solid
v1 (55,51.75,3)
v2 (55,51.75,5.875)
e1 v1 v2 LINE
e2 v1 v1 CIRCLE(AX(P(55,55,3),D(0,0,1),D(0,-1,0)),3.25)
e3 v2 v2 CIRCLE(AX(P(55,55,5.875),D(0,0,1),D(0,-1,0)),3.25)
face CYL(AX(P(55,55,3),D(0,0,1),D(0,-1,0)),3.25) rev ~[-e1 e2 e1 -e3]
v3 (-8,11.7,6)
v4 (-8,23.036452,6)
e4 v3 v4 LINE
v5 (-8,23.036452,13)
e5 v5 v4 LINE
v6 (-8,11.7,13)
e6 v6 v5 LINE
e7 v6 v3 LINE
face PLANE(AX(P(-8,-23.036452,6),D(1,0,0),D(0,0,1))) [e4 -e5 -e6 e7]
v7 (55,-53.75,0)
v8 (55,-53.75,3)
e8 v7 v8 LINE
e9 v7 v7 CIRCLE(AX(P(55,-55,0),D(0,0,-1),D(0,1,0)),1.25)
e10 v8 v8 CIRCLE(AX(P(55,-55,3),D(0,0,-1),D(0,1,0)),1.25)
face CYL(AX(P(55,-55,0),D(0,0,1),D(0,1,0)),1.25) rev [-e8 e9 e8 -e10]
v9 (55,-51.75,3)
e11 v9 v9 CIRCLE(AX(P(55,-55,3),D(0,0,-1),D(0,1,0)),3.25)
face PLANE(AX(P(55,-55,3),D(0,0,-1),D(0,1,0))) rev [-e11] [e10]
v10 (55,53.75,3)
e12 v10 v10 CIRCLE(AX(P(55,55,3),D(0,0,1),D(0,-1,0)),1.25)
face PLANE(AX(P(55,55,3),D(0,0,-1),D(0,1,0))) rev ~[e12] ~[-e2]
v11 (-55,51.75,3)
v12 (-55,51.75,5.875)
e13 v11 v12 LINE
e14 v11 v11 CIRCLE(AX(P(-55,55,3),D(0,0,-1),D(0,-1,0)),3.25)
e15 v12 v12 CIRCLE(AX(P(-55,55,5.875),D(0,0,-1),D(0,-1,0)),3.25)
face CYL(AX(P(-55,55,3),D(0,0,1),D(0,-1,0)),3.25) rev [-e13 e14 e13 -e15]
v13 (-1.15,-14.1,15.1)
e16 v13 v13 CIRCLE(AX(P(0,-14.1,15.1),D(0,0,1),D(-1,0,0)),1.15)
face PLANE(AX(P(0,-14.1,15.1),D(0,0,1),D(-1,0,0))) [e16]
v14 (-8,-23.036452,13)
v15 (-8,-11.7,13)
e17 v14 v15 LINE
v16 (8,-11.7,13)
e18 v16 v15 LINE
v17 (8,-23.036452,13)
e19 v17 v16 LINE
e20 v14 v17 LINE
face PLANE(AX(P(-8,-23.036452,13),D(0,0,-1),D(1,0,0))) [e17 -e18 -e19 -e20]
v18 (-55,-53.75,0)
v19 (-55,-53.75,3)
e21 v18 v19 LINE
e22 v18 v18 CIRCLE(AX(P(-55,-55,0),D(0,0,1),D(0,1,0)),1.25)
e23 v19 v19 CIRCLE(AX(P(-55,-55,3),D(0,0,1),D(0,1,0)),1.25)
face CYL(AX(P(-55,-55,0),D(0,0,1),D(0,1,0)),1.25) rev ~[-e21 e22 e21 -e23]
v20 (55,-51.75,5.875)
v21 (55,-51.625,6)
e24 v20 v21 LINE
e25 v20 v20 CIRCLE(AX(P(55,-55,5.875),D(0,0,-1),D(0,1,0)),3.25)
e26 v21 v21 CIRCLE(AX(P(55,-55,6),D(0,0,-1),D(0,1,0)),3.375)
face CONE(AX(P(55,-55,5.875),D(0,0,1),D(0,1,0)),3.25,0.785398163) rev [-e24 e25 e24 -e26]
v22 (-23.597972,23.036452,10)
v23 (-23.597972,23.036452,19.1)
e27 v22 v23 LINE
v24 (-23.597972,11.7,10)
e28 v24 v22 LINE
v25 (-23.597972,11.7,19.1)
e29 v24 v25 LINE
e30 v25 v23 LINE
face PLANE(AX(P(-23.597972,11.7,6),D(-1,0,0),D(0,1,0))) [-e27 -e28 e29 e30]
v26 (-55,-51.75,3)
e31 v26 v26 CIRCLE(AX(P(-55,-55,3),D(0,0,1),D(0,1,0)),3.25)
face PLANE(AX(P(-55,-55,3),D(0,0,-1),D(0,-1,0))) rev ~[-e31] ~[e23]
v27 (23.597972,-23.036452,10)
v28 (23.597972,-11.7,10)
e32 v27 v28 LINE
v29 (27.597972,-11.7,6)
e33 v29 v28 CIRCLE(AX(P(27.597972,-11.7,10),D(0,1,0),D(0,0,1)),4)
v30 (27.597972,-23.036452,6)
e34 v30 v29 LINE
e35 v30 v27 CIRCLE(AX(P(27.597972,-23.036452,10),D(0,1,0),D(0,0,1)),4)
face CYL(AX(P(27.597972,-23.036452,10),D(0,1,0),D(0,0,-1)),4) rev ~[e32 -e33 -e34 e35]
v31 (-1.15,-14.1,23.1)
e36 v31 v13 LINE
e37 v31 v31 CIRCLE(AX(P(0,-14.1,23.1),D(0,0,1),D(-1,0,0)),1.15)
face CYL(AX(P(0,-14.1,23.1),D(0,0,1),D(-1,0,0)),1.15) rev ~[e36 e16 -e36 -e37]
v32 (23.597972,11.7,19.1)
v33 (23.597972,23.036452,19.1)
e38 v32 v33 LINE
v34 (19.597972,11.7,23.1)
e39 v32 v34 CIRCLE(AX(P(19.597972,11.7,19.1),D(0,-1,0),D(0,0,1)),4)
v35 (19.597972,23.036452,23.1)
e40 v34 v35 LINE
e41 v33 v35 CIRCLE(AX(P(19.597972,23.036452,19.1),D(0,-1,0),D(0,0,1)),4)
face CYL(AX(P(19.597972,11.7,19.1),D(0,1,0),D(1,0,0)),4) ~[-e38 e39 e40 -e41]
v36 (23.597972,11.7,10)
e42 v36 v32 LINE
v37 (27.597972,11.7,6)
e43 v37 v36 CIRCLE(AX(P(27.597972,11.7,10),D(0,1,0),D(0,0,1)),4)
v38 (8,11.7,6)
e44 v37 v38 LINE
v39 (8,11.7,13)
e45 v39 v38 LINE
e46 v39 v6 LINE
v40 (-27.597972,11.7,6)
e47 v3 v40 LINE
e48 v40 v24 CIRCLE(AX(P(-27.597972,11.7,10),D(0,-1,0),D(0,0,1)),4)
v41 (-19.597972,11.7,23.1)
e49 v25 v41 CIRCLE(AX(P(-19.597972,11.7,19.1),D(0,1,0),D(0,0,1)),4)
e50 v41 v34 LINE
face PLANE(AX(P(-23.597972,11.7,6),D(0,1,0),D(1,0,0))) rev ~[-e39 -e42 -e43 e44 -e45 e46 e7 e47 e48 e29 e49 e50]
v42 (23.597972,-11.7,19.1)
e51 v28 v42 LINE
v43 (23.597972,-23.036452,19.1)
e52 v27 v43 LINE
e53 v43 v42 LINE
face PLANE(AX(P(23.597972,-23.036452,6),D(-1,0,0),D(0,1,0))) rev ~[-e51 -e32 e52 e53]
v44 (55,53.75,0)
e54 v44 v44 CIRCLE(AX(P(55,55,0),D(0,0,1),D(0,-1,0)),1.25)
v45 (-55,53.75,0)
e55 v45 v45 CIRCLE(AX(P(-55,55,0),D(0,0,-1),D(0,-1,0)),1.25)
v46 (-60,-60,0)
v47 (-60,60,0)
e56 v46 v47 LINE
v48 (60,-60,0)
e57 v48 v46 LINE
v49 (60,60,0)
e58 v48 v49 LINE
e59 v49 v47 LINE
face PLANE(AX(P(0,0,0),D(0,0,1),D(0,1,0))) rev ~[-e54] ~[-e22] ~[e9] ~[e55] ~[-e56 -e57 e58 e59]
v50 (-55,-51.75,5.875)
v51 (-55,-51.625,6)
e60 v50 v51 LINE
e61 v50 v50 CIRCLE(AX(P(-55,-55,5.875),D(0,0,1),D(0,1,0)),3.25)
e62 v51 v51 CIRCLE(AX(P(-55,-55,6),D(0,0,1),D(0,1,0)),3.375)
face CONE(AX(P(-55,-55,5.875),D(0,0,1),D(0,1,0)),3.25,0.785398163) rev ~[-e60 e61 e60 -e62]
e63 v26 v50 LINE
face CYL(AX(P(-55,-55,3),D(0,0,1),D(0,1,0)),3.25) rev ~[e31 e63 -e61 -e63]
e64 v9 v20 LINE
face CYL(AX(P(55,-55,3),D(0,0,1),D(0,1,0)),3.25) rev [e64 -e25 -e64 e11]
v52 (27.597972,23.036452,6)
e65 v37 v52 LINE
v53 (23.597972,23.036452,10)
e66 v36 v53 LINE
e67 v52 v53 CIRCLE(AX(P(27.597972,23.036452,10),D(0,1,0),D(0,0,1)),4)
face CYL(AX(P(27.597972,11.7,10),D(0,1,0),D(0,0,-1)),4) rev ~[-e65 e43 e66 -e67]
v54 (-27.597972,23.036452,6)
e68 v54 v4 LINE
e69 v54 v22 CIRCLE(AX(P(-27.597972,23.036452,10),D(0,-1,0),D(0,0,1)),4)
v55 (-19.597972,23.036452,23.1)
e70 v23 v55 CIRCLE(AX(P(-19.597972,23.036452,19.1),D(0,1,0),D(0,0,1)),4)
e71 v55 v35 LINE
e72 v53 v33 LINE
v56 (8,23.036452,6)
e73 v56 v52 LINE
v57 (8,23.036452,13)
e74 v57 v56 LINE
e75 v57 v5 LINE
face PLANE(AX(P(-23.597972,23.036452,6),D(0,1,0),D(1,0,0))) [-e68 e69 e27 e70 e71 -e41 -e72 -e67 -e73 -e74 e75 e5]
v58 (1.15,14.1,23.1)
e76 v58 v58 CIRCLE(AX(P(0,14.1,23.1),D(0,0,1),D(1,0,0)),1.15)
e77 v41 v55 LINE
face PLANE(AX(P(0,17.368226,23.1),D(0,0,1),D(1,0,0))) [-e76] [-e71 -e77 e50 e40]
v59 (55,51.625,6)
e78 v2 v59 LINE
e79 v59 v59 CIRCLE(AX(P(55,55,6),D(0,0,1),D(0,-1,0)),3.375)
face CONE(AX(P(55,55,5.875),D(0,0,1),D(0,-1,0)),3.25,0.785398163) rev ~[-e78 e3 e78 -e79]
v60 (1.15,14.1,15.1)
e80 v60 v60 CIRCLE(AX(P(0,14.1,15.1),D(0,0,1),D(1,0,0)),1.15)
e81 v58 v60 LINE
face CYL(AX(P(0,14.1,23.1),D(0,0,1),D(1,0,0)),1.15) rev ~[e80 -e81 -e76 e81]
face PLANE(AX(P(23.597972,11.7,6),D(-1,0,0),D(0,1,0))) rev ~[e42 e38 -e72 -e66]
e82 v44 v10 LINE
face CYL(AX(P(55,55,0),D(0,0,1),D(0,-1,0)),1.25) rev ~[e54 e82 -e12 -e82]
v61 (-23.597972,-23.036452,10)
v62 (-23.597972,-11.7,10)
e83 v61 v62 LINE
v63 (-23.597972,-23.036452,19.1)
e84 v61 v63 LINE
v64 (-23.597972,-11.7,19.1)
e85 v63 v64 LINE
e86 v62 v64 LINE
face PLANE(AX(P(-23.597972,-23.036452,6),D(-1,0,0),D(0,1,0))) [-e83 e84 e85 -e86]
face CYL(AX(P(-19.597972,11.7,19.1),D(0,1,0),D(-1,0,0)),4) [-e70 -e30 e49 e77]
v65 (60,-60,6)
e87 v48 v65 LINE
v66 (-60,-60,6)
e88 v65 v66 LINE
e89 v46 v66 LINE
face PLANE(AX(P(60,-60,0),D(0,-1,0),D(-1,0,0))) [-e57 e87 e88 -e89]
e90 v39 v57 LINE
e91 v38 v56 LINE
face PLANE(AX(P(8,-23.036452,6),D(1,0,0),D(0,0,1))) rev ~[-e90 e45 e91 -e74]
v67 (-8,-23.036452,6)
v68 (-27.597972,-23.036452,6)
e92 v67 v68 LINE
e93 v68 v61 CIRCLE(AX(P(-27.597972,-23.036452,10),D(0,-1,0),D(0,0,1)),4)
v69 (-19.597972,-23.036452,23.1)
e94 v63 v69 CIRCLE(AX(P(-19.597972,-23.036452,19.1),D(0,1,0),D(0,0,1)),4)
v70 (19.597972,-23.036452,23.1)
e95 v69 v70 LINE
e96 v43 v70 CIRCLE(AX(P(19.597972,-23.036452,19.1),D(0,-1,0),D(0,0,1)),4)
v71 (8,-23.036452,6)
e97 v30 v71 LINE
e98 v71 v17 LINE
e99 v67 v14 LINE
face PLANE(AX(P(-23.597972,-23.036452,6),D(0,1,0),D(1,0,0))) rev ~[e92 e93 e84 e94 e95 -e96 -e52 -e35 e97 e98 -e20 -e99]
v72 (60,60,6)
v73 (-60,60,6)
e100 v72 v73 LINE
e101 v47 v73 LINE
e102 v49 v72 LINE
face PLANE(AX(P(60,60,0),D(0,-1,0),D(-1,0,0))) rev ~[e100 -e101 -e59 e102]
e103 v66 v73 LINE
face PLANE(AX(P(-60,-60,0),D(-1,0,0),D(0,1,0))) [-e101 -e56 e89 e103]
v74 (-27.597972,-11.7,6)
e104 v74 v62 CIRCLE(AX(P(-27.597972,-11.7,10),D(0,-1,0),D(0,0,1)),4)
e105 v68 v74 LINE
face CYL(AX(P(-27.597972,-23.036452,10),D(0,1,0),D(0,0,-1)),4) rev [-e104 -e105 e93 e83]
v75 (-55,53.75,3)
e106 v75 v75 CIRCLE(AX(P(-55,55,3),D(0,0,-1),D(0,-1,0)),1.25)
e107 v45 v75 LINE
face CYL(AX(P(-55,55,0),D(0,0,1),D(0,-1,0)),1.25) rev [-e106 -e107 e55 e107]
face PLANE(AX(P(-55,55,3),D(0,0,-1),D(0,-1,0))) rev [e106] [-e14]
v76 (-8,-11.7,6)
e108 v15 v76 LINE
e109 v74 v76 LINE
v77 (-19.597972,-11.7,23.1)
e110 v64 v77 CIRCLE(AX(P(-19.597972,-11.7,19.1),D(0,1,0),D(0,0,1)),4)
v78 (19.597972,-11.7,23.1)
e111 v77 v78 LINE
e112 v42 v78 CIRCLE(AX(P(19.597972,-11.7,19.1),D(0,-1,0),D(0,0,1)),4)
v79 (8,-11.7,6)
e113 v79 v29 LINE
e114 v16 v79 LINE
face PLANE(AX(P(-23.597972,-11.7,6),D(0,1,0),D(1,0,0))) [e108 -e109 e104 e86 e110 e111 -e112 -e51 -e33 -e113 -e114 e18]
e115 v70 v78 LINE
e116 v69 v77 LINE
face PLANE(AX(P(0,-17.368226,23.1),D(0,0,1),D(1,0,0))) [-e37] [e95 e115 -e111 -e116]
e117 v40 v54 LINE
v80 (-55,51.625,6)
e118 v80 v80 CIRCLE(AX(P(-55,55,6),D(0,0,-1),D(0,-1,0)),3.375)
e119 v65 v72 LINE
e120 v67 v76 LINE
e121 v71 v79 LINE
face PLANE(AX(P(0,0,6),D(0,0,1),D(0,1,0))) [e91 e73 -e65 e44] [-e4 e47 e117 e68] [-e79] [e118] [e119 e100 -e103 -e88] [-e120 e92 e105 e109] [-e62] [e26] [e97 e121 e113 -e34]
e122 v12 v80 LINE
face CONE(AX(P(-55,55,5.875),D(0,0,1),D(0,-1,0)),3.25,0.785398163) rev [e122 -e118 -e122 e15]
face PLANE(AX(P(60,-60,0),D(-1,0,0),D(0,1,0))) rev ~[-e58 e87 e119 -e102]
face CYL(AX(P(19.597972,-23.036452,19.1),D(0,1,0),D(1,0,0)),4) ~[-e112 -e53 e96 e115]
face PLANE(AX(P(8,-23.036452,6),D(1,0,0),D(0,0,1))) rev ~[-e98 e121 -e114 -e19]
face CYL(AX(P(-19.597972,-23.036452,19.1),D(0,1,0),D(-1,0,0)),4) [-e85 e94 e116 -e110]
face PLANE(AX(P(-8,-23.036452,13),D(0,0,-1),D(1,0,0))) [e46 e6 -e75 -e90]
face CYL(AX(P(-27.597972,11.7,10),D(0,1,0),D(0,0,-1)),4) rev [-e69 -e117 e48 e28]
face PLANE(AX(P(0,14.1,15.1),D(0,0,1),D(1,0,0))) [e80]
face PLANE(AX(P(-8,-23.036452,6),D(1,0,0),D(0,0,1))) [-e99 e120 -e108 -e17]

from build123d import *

# Parameters (mm, degrees)
SKETCH1_W           = 120
SKETCH1_H           = 120
BOSS_EXTRUDE1_DEPTH = 6
SKETCH3_W           = 47.19594468
SKETCH3_H           = 11.33645236
BOSS_EXTRUDE2_DEPTH = 17.1
SKETCH4_W           = 16
SKETCH4_H           = 7
CUT_EXTRUDE3_DEPTH  = 106.01743865
SKETCH6_R           = 1.15
CUT_EXTRUDE4_DEPTH  = 8
FILLET1_R           = 4


with BuildPart() as part:
    # Sketch1 → Boss-Extrude1 (new body)
    with BuildSketch(Plane(origin=(0, 0, 0), x_dir=(0, 1, 0), z_dir=(0, 0, 1))):
        Rectangle(SKETCH1_W, SKETCH1_H)
    extrude(amount=BOSS_EXTRUDE1_DEPTH)

    # Sketch7 → CBORE for M3 SBHCS1 (revolve, cut)
    with BuildSketch(Plane(origin=(-55, 55, 6), x_dir=(0, -1, 0), z_dir=(1, 0, 0))):
        Polygon((0, 0), (0, 6), (1.25, 6), (1.25, 3), (3.25, 3), (3.25, 0.125), (3.375, 0), align=None)
    cbore_for_m3_sbhcs1 = revolve(axis=Axis((-55, 55, 12.35), (0, 0, -1)), mode=Mode.SUBTRACT)

    # Mirror2: CBORE for M3 SBHCS1 across plane
    add(cbore_for_m3_sbhcs1.mirror(Plane(origin=(0, 0, 0), x_dir=(0, 0, 1), z_dir=(1, 0, 0))), mode=Mode.SUBTRACT)

    # Mirror2 at the second plane: CBORE for M3 SBHCS1 across plane
    add(cbore_for_m3_sbhcs1.mirror(Plane.ZX), mode=Mode.SUBTRACT)

    # Mirror2 at the second plane copy 1 sketc → Mirror2 at the second plane copy 1 (revolve, cut)
    with BuildSketch(Plane(origin=(55, -55, 6), x_dir=(0, 1, 0), z_dir=(-1, 0, 0))):
        Polygon((0, 0), (0, 6), (1.25, 6), (1.25, 3), (3.25, 3), (3.25, 0.125), (3.375, 0), align=None)
    revolve(axis=Axis((55, -55, 12.35), (0, 0, -1)), mode=Mode.SUBTRACT)

    # Sketch3 → Boss-Extrude2 (add)
    with BuildSketch(Plane.XY.offset(6)):
        with Locations((0, -17.36822618)):
            Rectangle(SKETCH3_W, SKETCH3_H)
        with Locations((0, 17.36822618)):
            Rectangle(SKETCH3_W, SKETCH3_H)
    extrude(amount=BOSS_EXTRUDE2_DEPTH)

    # Sketch4 → Cut-Extrude3 (cut, through all)
    with BuildSketch(Plane.XZ.offset(23.03645236)):
        with Locations((0, 9.5)):
            Rectangle(SKETCH4_W, SKETCH4_H)
    extrude(amount=-CUT_EXTRUDE3_DEPTH, mode=Mode.SUBTRACT)

    # Sketch6 → Cut-Extrude4 (cut)
    with BuildSketch(Plane.XY.offset(23.1)):
        with Locations((0, 14.1)):
            Circle(SKETCH6_R)
        with Locations(Location((0, -14.1, 0), (0, 0, 180))):
            Circle(SKETCH6_R)
    extrude(amount=-CUT_EXTRUDE4_DEPTH, mode=Mode.SUBTRACT)

    # Fillet1
    fillet1_edges = [part.edges().sort_by_distance(p)[0] for p in [
        (-23.59797234, -17.36822618, 6),
        (23.59797234, -17.36822618, 6),
        (-23.59797234, -17.36822618, 23.1),
        (23.59797234, -17.36822618, 23.1),
        (-23.59797234, 17.36822618, 6),
        (23.59797234, 17.36822618, 6),
        (-23.59797234, 17.36822618, 23.1),
        (23.59797234, 17.36822618, 23.1),
    ]]
    fillet(fillet1_edges, radius=FILLET1_R)


solid = part.part
